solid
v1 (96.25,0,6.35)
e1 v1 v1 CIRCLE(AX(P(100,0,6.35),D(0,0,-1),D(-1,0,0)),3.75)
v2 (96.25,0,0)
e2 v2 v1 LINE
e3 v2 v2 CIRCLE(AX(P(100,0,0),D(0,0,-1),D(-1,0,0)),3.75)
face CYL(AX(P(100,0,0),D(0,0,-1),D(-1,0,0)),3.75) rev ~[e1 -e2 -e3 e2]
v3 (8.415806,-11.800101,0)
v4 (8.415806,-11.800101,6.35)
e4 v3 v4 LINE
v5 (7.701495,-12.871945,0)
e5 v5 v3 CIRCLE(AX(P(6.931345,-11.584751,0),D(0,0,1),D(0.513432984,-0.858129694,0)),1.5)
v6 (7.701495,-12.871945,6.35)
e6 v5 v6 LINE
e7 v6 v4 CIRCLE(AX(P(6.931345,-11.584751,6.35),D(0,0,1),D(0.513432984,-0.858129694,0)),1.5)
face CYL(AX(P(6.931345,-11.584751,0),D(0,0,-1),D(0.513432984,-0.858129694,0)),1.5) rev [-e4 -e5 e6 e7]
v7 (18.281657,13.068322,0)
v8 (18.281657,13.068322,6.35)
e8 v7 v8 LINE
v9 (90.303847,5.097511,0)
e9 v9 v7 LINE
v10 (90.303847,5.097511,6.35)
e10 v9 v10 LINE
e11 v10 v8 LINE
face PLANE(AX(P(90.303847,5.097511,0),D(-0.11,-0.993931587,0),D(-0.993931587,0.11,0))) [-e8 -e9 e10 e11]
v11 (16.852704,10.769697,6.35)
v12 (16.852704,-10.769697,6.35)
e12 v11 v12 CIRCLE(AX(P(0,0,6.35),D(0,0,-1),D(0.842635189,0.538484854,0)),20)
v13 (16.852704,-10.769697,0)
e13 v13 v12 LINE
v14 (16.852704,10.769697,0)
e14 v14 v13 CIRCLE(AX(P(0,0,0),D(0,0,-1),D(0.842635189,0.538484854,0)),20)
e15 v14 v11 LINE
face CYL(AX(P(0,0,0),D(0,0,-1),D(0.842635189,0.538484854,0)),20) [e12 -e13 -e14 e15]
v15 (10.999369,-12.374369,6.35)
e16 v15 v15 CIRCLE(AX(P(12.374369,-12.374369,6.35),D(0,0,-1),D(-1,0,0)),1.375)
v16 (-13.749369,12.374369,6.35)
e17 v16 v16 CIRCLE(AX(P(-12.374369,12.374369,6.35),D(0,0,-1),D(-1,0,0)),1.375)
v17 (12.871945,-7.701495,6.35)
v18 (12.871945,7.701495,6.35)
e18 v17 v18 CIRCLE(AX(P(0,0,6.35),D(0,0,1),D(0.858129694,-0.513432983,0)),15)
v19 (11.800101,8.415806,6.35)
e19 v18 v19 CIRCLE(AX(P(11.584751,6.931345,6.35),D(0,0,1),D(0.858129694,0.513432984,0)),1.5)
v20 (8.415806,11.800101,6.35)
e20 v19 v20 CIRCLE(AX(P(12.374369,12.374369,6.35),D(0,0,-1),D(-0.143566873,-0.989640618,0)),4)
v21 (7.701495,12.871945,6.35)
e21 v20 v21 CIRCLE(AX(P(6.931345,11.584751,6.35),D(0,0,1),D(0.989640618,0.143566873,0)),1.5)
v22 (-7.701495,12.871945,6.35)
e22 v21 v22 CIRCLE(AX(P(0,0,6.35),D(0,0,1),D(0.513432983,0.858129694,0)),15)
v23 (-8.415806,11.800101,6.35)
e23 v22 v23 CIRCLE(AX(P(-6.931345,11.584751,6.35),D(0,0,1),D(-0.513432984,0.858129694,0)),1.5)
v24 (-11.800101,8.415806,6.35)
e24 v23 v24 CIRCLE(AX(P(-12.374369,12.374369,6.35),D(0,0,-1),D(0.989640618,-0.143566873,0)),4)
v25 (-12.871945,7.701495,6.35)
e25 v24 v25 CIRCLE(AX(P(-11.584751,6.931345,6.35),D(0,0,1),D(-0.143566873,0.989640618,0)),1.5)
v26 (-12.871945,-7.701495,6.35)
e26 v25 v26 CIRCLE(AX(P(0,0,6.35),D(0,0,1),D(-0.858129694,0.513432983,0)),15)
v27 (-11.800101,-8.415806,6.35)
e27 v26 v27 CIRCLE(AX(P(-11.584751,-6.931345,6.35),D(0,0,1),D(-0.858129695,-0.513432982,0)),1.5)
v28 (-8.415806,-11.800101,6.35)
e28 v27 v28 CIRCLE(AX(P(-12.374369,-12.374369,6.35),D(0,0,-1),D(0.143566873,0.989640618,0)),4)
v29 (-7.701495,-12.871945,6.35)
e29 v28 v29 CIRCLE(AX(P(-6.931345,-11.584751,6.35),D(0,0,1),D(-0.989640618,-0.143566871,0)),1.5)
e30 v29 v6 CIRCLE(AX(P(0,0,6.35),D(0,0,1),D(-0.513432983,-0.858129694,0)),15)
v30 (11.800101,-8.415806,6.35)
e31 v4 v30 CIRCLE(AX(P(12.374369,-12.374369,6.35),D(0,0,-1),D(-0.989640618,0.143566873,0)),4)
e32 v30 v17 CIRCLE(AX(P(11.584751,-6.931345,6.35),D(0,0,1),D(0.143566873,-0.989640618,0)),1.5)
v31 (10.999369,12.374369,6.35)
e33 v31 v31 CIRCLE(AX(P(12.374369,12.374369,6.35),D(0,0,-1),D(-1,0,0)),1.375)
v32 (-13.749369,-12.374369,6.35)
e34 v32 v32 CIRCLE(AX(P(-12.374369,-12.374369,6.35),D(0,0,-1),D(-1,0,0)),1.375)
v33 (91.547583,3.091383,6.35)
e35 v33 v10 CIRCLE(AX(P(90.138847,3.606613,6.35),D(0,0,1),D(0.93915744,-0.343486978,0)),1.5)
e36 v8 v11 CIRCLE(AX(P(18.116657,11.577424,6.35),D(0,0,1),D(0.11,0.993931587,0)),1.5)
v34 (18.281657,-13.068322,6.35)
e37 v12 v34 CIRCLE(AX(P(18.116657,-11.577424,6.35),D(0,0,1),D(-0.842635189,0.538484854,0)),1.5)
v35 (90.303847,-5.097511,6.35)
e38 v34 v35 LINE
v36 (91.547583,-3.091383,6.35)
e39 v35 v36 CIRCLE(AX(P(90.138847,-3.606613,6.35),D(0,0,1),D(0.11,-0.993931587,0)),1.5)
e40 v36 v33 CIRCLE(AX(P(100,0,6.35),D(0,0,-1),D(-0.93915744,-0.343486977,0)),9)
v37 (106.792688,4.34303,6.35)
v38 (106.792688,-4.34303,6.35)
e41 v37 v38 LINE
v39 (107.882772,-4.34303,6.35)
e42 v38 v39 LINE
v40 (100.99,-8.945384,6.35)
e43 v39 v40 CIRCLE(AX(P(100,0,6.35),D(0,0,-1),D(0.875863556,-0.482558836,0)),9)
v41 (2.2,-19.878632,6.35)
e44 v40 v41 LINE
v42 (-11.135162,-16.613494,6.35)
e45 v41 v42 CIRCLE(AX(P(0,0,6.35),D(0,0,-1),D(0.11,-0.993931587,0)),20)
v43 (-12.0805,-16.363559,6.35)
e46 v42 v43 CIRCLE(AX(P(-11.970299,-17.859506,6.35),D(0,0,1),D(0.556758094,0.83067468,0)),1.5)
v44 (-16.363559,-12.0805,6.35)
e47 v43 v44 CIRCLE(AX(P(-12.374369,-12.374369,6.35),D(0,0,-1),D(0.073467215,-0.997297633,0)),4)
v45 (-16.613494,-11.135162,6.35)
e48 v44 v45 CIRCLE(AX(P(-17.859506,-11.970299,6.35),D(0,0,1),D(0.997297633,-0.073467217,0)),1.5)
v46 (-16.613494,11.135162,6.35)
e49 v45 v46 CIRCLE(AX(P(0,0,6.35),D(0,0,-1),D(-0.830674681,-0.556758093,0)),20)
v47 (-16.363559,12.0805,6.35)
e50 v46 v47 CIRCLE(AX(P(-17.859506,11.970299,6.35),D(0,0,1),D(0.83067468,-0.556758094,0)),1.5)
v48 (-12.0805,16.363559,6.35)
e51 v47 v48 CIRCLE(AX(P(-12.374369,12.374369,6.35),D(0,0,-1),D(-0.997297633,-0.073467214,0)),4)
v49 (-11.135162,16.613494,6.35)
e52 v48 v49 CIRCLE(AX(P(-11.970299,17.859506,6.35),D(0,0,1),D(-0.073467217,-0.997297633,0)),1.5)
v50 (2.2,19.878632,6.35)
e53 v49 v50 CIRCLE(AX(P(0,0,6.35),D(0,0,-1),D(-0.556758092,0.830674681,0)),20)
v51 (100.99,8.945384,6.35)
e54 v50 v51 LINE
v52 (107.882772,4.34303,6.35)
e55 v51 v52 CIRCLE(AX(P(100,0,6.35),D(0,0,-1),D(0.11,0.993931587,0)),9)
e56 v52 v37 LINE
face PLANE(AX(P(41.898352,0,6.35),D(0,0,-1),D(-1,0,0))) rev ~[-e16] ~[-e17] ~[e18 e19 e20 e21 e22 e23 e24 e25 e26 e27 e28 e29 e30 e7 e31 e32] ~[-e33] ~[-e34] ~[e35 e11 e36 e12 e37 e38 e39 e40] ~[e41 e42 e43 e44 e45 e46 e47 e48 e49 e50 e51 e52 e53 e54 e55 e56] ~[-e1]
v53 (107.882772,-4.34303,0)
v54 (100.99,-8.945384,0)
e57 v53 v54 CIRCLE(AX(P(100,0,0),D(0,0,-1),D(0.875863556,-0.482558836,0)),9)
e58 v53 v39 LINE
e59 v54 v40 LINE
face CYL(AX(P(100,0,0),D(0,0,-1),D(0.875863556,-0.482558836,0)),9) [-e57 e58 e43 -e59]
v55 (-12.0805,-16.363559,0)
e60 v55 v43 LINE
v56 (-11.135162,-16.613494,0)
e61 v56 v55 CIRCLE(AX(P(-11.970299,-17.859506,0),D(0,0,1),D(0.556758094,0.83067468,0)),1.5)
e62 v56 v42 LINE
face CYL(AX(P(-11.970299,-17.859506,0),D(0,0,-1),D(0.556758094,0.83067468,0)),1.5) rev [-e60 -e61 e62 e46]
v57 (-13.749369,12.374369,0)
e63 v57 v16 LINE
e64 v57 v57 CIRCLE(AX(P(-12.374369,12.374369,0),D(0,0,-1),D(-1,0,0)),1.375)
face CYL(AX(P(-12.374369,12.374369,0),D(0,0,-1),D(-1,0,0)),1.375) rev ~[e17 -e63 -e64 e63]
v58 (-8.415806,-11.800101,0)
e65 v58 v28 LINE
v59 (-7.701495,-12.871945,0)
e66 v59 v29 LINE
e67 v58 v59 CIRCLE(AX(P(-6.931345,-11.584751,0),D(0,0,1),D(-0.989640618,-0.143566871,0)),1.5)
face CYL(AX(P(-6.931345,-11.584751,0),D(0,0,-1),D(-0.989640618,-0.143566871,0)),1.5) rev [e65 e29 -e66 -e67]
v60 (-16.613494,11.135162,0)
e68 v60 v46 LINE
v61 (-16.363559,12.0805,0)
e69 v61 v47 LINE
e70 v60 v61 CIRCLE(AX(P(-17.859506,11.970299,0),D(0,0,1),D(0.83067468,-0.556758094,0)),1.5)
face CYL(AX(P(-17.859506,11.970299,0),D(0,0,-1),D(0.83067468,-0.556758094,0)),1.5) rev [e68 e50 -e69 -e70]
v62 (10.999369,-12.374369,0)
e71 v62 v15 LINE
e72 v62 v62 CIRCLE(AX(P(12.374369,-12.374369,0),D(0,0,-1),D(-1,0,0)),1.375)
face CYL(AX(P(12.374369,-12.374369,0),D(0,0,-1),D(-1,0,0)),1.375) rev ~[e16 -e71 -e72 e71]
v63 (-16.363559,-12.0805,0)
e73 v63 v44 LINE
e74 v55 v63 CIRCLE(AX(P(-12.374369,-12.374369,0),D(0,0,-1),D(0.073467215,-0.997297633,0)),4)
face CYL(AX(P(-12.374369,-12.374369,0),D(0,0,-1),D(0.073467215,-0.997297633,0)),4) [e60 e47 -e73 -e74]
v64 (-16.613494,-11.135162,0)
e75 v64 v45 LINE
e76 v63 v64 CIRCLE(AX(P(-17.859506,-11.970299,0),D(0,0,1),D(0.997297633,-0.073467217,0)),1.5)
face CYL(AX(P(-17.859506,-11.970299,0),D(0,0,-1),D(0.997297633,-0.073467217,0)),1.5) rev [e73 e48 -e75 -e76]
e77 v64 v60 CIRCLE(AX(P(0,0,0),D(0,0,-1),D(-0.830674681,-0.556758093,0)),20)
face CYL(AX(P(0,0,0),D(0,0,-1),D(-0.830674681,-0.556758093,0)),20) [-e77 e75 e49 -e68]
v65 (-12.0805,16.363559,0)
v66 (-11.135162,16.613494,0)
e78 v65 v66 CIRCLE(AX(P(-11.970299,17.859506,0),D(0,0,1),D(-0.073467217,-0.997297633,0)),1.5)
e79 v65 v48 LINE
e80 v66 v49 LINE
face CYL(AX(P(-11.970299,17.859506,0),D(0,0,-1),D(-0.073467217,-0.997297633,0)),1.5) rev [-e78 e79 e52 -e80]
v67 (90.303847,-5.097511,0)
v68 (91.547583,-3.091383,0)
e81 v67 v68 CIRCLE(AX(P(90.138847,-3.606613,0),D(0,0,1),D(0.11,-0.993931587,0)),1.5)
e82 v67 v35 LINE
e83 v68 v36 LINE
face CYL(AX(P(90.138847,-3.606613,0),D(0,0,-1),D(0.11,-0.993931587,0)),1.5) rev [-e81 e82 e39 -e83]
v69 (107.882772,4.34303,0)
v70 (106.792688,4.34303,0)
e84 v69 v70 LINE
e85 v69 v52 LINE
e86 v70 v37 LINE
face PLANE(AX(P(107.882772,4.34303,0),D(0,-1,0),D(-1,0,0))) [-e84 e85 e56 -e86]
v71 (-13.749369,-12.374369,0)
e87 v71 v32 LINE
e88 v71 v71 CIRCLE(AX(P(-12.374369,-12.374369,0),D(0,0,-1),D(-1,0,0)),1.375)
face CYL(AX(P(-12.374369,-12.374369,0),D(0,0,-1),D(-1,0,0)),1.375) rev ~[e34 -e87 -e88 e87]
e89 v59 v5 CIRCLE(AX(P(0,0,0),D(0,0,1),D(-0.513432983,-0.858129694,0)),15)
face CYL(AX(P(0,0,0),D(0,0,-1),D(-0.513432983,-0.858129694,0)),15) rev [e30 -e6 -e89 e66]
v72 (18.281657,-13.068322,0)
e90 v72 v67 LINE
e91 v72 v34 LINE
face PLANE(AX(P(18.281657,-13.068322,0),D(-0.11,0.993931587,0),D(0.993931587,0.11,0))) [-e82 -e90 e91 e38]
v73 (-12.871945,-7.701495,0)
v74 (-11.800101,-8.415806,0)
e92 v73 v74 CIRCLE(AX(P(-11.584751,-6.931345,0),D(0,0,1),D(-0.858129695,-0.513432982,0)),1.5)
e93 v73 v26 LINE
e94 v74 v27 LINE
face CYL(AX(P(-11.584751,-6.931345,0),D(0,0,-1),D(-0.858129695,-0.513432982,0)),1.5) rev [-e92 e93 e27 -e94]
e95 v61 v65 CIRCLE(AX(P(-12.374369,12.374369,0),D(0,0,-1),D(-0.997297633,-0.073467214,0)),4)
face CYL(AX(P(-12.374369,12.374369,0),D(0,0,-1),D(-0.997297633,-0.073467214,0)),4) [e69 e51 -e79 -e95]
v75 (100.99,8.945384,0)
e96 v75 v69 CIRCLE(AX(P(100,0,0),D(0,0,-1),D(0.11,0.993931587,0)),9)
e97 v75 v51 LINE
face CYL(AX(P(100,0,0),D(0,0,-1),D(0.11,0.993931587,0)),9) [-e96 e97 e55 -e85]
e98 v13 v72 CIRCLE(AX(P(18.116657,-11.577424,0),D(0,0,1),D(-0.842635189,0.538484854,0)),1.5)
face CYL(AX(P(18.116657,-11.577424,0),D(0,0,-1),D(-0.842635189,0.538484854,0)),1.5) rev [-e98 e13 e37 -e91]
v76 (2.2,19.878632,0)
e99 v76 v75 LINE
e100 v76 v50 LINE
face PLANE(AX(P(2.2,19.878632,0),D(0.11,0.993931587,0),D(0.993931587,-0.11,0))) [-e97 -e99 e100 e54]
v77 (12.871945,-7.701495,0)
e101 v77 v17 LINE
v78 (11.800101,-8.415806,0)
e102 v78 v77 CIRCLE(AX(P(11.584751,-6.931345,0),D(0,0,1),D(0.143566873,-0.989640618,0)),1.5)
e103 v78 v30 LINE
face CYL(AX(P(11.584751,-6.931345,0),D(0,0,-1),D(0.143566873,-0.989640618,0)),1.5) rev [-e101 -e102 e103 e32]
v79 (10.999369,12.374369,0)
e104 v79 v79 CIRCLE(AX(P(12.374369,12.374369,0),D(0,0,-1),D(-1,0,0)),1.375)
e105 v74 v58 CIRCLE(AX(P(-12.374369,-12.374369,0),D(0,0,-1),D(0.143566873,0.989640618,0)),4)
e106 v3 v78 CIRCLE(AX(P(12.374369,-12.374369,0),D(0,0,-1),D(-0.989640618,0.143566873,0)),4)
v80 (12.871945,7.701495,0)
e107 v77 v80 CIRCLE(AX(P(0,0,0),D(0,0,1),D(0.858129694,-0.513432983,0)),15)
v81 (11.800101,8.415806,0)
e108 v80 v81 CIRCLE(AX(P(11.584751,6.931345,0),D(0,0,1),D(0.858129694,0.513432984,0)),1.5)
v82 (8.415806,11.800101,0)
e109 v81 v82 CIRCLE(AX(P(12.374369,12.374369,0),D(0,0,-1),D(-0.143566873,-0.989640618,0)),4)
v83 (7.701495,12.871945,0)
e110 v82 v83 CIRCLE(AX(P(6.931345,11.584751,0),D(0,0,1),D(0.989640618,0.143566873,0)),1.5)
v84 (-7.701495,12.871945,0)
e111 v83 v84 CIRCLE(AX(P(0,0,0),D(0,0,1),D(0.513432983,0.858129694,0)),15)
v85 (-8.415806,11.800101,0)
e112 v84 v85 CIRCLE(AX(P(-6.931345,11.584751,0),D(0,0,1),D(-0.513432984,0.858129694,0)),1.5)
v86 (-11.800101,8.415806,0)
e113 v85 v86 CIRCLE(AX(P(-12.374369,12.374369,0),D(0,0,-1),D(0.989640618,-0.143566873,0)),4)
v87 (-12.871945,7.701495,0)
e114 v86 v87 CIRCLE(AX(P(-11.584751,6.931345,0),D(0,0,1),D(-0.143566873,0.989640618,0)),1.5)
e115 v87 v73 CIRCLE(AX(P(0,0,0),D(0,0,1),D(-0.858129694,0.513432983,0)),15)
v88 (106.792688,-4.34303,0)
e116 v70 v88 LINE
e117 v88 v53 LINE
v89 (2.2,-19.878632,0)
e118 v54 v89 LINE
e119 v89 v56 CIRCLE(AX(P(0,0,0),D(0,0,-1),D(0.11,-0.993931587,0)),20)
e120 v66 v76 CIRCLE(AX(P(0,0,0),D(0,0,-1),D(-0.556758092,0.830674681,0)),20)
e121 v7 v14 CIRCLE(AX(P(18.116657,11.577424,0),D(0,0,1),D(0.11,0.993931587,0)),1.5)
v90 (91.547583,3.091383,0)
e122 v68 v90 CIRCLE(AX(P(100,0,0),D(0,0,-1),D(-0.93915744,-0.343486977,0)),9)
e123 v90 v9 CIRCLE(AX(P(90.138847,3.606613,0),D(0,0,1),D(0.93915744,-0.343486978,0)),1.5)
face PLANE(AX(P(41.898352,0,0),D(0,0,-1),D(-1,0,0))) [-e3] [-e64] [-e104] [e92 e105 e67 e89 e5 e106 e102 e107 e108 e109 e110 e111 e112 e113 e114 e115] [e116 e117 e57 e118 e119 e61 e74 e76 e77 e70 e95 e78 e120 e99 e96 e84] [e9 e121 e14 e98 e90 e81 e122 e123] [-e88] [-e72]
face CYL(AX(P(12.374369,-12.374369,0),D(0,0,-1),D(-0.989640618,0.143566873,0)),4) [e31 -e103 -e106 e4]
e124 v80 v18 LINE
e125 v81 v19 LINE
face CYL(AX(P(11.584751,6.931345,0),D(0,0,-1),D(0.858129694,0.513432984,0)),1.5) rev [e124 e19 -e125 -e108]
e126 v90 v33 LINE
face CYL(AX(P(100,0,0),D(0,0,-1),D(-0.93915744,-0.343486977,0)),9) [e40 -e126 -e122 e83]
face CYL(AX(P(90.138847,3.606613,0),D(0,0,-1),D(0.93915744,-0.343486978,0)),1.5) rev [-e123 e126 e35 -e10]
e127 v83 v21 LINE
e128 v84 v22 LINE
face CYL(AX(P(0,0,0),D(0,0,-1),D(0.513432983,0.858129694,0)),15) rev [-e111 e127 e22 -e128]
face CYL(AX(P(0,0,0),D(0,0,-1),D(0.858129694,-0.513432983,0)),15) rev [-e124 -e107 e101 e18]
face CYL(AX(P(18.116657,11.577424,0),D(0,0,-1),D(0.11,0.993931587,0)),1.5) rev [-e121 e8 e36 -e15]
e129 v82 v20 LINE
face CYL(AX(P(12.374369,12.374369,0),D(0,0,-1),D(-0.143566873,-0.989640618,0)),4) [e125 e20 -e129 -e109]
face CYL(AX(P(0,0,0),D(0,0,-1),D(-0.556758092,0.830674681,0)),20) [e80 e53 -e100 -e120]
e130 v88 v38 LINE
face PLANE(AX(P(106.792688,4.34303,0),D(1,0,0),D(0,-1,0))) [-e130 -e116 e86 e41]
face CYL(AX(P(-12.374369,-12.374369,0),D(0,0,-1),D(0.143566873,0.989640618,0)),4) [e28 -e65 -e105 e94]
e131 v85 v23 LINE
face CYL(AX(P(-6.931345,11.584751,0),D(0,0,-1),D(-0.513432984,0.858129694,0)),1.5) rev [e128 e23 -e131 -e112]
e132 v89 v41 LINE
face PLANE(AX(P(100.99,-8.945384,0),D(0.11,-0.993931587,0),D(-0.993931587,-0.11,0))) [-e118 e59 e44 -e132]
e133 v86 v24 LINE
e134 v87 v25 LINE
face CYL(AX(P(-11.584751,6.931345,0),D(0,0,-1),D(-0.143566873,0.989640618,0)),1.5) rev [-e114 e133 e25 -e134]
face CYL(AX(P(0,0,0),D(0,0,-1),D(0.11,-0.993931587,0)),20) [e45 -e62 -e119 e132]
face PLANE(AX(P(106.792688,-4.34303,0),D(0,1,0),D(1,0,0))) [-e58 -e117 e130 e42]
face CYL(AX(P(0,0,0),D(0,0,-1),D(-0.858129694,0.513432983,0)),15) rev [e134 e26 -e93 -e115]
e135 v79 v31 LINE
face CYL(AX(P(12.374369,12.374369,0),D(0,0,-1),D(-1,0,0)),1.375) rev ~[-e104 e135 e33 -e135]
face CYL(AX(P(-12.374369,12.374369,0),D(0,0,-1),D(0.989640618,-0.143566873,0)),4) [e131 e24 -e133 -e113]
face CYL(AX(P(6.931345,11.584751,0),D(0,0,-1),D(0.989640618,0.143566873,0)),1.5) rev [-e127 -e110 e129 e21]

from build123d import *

# Parameters (mm, degrees)
SKETCH1_R           = 3.75
SKETCH1_R_2         = 1.375
BOSS_EXTRUDE1_DEPTH = 6.35


with BuildPart() as part:
    # Sketch1 → Boss-Extrude1 (new body)
    with BuildSketch(Plane(origin=(0, 0, 0), x_dir=(-1, 0, 0), z_dir=(0, 0, -1))):
        with BuildLine():
            Line((-106.79268786, -4.343029528), (-107.882772007, -4.343029528))
            ThreePointArc((-107.882772007, -4.343029528), (-104.997693278, -7.484855503), (-100.99, -8.945384285))
            Line((-100.99, -8.945384285), (-2.2, -19.878631744))
            ThreePointArc((-2.2, -19.878631744), (4.756528256, -19.426153478), (11.135161851, -16.613493629))
            ThreePointArc((11.135161851, -16.613493629), (11.586893238, -16.409333237), (12.080499812, -16.363559202))
            ThreePointArc((12.080499812, -16.363559202), (15.202795796, -15.202795795), (16.363559202, -12.080499812))
            ThreePointArc((16.363559202, -12.080499812), (16.409333237, -11.586893238), (16.613493629, -11.135161851))
            ThreePointArc((16.613493629, -11.135161851), (20, 0), (16.613493629, 11.135161851))
            ThreePointArc((16.613493629, 11.135161851), (16.409333237, 11.586893238), (16.363559202, 12.080499812))
            ThreePointArc((16.363559202, 12.080499812), (15.202795795, 15.202795795), (12.080499812, 16.363559202))
            ThreePointArc((12.080499812, 16.363559202), (11.586893238, 16.409333237), (11.135161851, 16.613493629))
            ThreePointArc((11.135161851, 16.613493629), (4.756528256, 19.426153478), (-2.2, 19.878631744))
            Line((-2.2, 19.878631744), (-100.99, 8.945384285))
            ThreePointArc((-100.99, 8.945384285), (-104.997693278, 7.484855504), (-107.882772007, 4.343029529))
            Line((-107.882772007, 4.343029529), (-106.79268786, 4.343029529))
            Line((-106.79268786, 4.343029529), (-106.79268786, -4.343029528))
        make_face()
        with Locations((-100, 0)):
            Circle(SKETCH1_R, mode=Mode.SUBTRACT)
        with Locations((12.374368671, -12.374368671)):
            Circle(SKETCH1_R_2, mode=Mode.SUBTRACT)
        with Locations((12.374368671, 12.374368671)):
            Circle(SKETCH1_R_2, mode=Mode.SUBTRACT)
        with Locations((-12.374368671, 12.374368671)):
            Circle(SKETCH1_R_2, mode=Mode.SUBTRACT)
        with Locations((-12.374368671, -12.374368671)):
            Circle(SKETCH1_R_2, mode=Mode.SUBTRACT)
        with BuildLine():
            Line((-18.281656562, -13.06832175), (-90.303846884, -5.097510642))
            ThreePointArc((-90.303846884, -5.097510642), (-91.413718881, -4.396993797), (-91.547583043, -3.091382795))
            ThreePointArc((-91.547583043, -3.091382795), (-91, 0), (-91.547583043, 3.091382796))
            ThreePointArc((-91.547583043, 3.091382796), (-91.413718881, 4.396993797), (-90.303846884, 5.097510642))
            Line((-90.303846884, 5.097510642), (-18.281656562, 13.068321749))
            ThreePointArc((-18.281656562, 13.068321749), (-16.842747955, 12.369356727), (-16.852703779, 10.769697087))
            ThreePointArc((-16.852703779, 10.769697087), (-20, 0), (-16.852703779, -10.769697087))
            ThreePointArc((-16.852703779, -10.769697087), (-16.842747955, -12.369356727), (-18.281656562, -13.06832175))
        make_face(mode=Mode.SUBTRACT)
        with BuildLine():
            ThreePointArc((-11.80010118, -8.415806198), (-12.416598495, -8.179555802), (-12.871945412, -7.701494746))
            ThreePointArc((-12.871945412, -7.701494746), (-15, 0), (-12.871945412, 7.701494746))
            ThreePointArc((-12.871945412, 7.701494746), (-12.416598495, 8.179555802), (-11.80010118, 8.415806198))
            ThreePointArc((-11.80010118, 8.415806198), (-9.545941546, 9.545941546), (-8.415806198, 11.80010118))
            ThreePointArc((-8.415806198, 11.80010118), (-8.179555802, 12.416598495), (-7.701494746, 12.871945412))
            ThreePointArc((-7.701494746, 12.871945412), (0, 15), (7.701494746, 12.871945412))
            ThreePointArc((7.701494746, 12.871945412), (8.179555802, 12.416598495), (8.415806198, 11.80010118))
            ThreePointArc((8.415806198, 11.80010118), (9.545941546, 9.545941546), (11.80010118, 8.415806198))
            ThreePointArc((11.80010118, 8.415806198), (12.416598495, 8.179555802), (12.871945412, 7.701494746))
            ThreePointArc((12.871945412, 7.701494746), (15, 0), (12.871945412, -7.701494746))
            ThreePointArc((12.871945412, -7.701494746), (12.416598495, -8.179555803), (11.80010118, -8.415806198))
            ThreePointArc((11.80010118, -8.415806198), (9.545941546, -9.545941546), (8.415806198, -11.80010118))
            ThreePointArc((8.415806198, -11.80010118), (8.179555803, -12.416598495), (7.701494746, -12.871945412))
            ThreePointArc((7.701494746, -12.871945412), (0, -15), (-7.701494746, -12.871945412))
            ThreePointArc((-7.701494746, -12.871945412), (-8.179555802, -12.416598495), (-8.415806198, -11.80010118))
            ThreePointArc((-8.415806198, -11.80010118), (-9.545941546, -9.545941546), (-11.80010118, -8.415806198))
        make_face(mode=Mode.SUBTRACT)
    extrude(amount=-BOSS_EXTRUDE1_DEPTH)


solid = part.part
